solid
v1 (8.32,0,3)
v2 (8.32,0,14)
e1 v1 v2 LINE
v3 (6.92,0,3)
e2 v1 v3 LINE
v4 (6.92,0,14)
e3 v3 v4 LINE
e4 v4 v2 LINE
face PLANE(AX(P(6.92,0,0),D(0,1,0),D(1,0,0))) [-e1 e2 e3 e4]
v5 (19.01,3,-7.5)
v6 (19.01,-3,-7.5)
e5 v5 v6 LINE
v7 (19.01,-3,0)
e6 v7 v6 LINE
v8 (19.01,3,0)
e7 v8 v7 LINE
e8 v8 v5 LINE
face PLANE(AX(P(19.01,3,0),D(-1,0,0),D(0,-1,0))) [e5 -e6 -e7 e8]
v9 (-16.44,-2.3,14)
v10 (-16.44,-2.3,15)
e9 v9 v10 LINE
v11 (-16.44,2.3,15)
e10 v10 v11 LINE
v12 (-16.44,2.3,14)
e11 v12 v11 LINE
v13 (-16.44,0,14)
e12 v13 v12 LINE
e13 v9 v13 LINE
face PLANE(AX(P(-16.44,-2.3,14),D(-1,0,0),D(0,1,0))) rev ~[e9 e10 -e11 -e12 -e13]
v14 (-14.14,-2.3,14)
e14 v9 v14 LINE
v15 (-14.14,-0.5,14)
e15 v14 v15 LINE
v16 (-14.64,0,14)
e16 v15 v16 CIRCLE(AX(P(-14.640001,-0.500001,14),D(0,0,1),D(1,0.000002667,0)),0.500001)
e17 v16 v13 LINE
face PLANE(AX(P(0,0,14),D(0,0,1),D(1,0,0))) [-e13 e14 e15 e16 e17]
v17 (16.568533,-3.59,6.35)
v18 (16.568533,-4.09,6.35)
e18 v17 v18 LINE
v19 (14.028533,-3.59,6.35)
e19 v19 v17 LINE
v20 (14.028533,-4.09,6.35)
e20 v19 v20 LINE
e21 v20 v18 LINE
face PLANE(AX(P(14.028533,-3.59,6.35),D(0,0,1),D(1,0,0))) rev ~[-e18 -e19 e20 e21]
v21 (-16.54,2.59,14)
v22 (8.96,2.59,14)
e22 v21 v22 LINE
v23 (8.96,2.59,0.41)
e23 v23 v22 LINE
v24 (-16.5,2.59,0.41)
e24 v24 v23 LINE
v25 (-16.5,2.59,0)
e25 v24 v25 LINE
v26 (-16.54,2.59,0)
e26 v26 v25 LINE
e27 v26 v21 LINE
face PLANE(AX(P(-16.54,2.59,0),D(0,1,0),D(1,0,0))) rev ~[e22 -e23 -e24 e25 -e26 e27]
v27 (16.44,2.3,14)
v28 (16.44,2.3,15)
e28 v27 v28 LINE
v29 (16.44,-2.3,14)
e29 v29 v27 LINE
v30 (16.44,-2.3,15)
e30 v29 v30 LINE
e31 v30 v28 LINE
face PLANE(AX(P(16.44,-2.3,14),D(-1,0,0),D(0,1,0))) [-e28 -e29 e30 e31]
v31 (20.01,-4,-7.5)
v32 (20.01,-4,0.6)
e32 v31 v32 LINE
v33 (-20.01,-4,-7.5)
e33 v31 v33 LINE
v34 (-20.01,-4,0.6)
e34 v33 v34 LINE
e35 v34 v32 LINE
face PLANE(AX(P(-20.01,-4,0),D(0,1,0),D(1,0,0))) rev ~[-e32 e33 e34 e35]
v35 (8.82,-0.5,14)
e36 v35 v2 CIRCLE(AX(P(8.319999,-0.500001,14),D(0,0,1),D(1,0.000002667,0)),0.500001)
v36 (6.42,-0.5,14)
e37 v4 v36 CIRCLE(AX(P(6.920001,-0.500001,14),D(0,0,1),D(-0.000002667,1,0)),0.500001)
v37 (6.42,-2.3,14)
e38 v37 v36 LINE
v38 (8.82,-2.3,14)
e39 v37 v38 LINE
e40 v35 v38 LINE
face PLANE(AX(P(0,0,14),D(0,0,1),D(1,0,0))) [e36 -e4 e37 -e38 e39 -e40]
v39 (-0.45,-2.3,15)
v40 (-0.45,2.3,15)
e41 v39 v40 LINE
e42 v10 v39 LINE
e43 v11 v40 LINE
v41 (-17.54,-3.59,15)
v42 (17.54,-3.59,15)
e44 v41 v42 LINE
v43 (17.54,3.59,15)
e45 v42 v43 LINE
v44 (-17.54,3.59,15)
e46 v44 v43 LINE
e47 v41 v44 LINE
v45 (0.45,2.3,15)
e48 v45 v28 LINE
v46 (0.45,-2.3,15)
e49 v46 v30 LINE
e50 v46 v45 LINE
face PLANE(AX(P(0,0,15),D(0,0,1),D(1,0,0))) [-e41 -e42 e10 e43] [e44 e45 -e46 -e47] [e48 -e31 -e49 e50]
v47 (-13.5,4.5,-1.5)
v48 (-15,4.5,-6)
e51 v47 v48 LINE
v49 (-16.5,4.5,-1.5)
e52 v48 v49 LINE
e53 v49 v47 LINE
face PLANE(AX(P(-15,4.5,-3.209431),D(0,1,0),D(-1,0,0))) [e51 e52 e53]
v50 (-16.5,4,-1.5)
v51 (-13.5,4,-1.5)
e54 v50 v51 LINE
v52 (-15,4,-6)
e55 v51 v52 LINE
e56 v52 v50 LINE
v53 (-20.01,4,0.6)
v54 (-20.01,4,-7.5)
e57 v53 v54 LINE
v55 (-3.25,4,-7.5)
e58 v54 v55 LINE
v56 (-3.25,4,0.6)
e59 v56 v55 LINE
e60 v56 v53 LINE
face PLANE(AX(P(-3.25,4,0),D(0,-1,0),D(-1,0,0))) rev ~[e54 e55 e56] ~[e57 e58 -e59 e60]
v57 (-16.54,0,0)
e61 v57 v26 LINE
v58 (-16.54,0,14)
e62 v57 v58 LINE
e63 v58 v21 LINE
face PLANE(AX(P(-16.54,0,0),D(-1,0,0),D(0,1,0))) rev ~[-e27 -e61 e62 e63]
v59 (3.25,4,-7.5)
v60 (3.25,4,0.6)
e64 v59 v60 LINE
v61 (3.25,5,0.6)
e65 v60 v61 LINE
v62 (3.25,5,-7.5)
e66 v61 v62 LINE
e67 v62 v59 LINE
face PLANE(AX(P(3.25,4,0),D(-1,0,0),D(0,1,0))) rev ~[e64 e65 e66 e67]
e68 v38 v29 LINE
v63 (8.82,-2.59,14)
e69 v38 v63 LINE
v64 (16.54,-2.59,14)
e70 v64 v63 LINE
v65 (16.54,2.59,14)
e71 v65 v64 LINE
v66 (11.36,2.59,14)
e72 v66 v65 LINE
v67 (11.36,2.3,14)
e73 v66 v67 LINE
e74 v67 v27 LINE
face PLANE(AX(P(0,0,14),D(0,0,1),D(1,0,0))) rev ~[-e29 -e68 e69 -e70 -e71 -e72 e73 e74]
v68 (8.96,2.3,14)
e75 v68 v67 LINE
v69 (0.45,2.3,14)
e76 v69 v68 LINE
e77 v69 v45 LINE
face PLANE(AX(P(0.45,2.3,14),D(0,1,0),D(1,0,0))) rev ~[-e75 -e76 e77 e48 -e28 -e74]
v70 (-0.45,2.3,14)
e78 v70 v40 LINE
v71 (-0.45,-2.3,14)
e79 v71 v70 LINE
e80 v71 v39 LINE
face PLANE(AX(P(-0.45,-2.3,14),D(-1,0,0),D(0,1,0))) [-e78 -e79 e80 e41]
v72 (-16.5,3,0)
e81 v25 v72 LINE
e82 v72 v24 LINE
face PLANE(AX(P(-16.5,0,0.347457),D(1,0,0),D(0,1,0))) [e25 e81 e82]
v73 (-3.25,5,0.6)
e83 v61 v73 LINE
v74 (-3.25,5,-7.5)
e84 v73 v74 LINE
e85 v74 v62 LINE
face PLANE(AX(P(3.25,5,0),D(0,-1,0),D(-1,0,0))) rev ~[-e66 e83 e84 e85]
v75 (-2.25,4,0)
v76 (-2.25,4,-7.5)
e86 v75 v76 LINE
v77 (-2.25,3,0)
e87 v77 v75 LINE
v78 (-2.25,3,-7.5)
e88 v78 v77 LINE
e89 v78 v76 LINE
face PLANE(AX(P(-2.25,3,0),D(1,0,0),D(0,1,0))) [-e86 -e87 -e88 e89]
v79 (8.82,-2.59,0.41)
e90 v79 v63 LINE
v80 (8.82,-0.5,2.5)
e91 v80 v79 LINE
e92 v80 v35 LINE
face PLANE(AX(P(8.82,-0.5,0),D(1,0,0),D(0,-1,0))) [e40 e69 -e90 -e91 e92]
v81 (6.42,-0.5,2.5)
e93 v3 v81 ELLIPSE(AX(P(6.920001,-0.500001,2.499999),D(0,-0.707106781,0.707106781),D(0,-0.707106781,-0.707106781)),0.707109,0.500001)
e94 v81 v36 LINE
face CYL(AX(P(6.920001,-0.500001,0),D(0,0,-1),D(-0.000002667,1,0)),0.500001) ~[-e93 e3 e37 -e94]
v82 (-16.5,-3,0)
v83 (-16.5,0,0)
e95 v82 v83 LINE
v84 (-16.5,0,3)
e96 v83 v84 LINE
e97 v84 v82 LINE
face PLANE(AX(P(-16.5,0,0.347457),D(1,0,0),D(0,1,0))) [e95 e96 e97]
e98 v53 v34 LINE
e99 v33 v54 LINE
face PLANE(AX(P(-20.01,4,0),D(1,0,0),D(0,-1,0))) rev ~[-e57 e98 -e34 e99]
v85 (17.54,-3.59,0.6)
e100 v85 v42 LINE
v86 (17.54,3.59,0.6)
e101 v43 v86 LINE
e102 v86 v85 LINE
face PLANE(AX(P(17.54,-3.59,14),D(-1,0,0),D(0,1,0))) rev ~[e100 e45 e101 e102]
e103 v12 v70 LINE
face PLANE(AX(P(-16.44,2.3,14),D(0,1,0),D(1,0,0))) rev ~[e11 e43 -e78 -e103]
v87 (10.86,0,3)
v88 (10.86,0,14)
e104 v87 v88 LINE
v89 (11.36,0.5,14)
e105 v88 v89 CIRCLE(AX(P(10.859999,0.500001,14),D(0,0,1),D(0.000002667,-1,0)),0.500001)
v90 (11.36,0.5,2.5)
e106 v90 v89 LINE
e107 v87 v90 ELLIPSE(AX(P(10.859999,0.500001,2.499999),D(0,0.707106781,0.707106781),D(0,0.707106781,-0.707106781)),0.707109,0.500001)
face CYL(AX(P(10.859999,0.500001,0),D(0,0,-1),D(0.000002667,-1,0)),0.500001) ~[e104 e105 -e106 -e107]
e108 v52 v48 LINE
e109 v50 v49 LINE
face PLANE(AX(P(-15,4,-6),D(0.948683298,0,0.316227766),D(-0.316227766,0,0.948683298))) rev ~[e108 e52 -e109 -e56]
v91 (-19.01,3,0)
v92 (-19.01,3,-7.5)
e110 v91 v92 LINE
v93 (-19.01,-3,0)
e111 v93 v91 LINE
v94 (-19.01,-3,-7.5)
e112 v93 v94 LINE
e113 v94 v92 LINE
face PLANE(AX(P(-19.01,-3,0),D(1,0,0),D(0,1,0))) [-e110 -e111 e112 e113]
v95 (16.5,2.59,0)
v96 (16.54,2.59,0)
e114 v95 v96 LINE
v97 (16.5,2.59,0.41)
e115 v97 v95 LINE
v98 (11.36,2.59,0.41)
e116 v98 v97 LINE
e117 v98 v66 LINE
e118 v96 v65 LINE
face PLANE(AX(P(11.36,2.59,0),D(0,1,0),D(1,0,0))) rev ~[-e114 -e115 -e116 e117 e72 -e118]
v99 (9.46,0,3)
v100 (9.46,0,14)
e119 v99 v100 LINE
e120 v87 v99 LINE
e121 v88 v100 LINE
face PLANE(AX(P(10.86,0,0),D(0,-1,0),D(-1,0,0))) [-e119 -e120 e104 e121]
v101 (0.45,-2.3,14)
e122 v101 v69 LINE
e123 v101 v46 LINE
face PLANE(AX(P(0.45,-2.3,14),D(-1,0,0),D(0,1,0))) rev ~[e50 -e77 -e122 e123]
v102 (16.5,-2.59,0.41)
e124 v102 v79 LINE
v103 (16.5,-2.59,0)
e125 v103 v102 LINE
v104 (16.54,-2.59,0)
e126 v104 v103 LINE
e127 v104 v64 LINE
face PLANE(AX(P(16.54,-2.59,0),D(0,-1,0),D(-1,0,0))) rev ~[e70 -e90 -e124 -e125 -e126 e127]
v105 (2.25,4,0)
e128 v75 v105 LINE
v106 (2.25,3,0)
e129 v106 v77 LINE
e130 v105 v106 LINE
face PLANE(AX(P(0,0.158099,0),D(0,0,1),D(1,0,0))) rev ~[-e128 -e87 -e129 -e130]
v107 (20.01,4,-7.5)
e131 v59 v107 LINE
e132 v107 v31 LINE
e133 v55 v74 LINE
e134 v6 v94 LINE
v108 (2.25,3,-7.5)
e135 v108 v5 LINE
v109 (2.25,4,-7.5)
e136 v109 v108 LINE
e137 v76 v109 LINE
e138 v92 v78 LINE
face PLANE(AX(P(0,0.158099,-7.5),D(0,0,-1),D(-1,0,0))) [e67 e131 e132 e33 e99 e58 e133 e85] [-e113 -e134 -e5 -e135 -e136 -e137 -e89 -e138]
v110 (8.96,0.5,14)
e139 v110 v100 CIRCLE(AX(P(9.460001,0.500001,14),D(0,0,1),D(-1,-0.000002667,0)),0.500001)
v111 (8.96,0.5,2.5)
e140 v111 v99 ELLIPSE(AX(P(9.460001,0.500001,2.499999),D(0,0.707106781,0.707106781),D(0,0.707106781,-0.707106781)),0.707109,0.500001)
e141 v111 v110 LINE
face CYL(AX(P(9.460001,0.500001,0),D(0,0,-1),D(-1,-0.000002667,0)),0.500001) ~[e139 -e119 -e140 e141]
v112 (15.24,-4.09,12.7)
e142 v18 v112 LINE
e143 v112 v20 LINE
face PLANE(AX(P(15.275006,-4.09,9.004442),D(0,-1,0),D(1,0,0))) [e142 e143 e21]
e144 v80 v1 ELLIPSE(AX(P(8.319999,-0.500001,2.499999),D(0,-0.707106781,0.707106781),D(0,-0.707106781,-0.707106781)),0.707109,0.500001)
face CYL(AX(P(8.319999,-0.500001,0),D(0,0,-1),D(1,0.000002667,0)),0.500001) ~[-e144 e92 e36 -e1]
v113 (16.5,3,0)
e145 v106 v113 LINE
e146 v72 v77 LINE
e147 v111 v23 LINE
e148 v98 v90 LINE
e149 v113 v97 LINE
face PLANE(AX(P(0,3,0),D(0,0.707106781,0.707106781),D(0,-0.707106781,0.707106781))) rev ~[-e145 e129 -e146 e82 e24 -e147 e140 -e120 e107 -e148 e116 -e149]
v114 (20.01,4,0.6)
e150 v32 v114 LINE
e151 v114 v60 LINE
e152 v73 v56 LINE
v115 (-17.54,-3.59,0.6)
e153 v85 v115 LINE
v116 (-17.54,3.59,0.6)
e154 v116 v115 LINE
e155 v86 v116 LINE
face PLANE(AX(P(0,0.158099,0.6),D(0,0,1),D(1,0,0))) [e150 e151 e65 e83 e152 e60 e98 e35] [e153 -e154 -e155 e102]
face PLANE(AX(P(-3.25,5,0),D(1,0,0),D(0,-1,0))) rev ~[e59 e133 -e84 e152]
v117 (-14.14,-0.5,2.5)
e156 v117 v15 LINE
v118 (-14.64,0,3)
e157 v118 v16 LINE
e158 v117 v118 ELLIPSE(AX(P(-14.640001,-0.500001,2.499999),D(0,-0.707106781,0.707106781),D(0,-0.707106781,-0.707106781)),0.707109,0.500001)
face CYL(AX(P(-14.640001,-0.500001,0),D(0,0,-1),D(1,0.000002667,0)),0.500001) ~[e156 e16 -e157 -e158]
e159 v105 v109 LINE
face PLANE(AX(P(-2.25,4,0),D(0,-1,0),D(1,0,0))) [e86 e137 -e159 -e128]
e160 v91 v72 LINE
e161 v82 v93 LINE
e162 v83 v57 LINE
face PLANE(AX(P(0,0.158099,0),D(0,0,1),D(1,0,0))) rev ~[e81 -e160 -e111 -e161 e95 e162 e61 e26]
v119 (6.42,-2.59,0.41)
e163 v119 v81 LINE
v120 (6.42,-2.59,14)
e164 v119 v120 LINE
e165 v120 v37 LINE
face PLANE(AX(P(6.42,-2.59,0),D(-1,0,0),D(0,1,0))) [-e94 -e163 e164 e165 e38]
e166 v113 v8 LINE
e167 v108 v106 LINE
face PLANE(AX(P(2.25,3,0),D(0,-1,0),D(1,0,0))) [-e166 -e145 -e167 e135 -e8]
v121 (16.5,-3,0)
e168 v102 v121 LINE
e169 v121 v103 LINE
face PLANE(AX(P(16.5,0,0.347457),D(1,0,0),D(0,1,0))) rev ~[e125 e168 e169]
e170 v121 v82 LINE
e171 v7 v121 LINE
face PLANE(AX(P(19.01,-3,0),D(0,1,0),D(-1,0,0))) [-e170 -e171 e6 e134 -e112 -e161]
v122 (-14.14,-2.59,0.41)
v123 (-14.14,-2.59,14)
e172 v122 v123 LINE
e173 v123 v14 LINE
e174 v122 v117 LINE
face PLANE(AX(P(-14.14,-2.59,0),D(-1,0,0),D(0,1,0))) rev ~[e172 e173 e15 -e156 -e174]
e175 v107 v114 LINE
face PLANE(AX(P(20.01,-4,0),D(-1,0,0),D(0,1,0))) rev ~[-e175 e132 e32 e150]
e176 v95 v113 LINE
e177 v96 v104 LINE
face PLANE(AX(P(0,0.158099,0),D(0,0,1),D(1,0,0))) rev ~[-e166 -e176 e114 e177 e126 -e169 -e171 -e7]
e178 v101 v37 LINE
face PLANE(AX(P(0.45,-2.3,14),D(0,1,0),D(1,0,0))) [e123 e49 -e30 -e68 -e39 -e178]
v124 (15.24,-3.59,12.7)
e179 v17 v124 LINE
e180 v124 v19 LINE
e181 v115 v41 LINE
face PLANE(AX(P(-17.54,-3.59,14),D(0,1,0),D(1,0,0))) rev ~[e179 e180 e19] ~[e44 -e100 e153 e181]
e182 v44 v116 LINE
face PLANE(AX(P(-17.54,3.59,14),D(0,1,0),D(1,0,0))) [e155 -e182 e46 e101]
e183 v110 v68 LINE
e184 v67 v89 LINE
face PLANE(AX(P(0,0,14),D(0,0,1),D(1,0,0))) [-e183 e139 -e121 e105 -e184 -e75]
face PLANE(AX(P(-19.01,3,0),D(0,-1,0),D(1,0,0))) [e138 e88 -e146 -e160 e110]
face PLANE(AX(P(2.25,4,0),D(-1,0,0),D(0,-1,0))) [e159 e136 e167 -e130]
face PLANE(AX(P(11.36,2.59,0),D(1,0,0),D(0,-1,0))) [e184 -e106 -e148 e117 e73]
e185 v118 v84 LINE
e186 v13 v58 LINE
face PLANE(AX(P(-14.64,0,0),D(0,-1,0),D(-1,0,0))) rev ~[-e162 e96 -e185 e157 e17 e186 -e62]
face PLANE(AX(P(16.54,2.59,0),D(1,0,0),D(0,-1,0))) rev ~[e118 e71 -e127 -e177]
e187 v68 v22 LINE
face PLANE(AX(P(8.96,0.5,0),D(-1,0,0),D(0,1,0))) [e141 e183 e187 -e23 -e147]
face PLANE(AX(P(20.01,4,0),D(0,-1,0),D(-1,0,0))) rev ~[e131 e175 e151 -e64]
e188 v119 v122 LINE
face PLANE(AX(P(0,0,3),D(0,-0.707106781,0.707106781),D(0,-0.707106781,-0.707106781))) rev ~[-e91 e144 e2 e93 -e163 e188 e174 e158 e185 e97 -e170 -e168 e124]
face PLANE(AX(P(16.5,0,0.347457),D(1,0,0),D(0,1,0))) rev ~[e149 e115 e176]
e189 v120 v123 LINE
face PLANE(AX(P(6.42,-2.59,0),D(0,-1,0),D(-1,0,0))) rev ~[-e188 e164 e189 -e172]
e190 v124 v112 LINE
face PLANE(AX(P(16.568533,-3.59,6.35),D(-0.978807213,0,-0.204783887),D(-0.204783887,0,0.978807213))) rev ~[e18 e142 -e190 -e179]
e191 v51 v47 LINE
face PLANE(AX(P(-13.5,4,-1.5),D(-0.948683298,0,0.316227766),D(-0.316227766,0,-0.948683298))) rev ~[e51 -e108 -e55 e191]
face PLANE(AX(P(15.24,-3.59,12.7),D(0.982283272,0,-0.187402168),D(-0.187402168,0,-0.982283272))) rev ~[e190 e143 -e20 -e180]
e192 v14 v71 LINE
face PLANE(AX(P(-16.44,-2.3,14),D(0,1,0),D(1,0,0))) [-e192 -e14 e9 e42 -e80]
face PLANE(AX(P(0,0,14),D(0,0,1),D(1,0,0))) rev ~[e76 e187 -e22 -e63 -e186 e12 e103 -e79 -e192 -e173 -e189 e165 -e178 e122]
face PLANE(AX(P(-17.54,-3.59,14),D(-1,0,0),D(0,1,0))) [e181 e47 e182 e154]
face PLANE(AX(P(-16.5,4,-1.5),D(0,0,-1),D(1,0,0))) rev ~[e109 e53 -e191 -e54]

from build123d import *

# Parameters (mm, degrees)
PAD_DEPTH     = 7.5
SKETCH002_W   = 34
SKETCH002_H   = 6.8
PAD001_DEPTH  = 0.6
SKETCH001_W   = 35.08
SKETCH001_H   = 7.18
PAD002_DEPTH  = 14
PAD003_DEPTH  = 0.5
PAD004_DEPTH  = 0.5
SKETCH005_W   = 35.08
SKETCH005_H   = 7.18
SKETCH005_W_2 = 15.99
SKETCH005_H_2 = 4.6
PAD005_DEPTH  = 1
POCKET_DEPTH  = 16.5


with BuildPart() as part:
    # Sketch → Pad (new body)
    with BuildSketch(Plane.XY):
        Polygon((-20.01, 4), (-3.25, 4), (-3.25, 5), (3.25, 5), (3.25, 4), (20.01, 4), (20.01, -4), (-20.01, -4), align=None)
        Polygon((-19.01, 3), (-2.25, 3), (-2.25, 4), (2.25, 4), (2.25, 3), (19.01, 3), (19.01, -3), (-19.01, -3), align=None, mode=Mode.SUBTRACT)
    extrude(amount=-PAD_DEPTH)

    # Sketch002 → Pad001 (join)
    with BuildSketch(Plane.XY):
        Polygon((-20.01, 4), (-20.01, -4), (20.01, -4), (20.01, 4), (3.25, 4), (3.25, 5), (-3.25, 5), (-3.25, 4), align=None)
        Rectangle(SKETCH002_W, SKETCH002_H, mode=Mode.SUBTRACT)
    extrude(amount=PAD001_DEPTH)

    # Sketch001 → Pad002 (join)
    with BuildSketch(Plane.XY):
        Rectangle(SKETCH001_W, SKETCH001_H)
        with BuildLine():
            Line((16.54, 2.59), (16.54, -2.59))
            Line((16.54, -2.59), (8.82, -2.59))
            Line((8.82, -0.5), (8.82, -2.59))
            ThreePointArc((8.82, -0.5), (8.673553, -0.146447), (8.32, 0))
            Line((6.92, 0), (8.32, 0))
            ThreePointArc((6.92, 0), (6.566447, -0.146447), (6.42, -0.5))
            Line((6.42, -2.59), (6.42, -0.5))
            Line((6.42, -2.59), (-14.14, -2.59))
            Line((-14.14, -2.59), (-14.14, -0.5))
            ThreePointArc((-14.14, -0.5), (-14.286447, -0.146447), (-14.64, 0))
            Line((-14.64, 0), (-16.54, 0))
            Line((-16.54, 0), (-16.54, 2.59))
            Line((-16.54, 2.59), (8.96, 2.59))
            Line((8.96, 0.5), (8.96, 2.59))
            ThreePointArc((8.96, 0.5), (9.106447, 0.146447), (9.46, 0))
            Line((10.86, 0), (9.46, 0))
            ThreePointArc((10.86, 0), (11.213553, 0.146447), (11.36, 0.5))
            Line((11.36, 2.59), (11.36, 0.5))
            Line((11.36, 2.59), (16.54, 2.59))
        make_face(mode=Mode.SUBTRACT)
    extrude(amount=PAD002_DEPTH)

    # Sketch003 (on Face1 of Pad) → Pad003 (join)
    with BuildSketch(Plane(origin=(0, 4, 0), x_dir=(-1, 0, 0), z_dir=(0, 1, 0))):
        Polygon((15, -6), (16.5, -1.5), (13.5, -1.5), align=None)
    extrude(amount=PAD003_DEPTH)

    # Sketch004 (on Face33 of Pad003) → Pad004 (join)
    with BuildSketch(Plane.XZ.offset(3.59)):
        Polygon((16.568533, 6.35), (15.24, 12.7), (14.028533, 6.35), align=None)
    extrude(amount=PAD004_DEPTH)

    # Sketch005 → Pad005 (join)
    with BuildSketch(Plane.XY.offset(14)):
        Rectangle(SKETCH005_W, SKETCH005_H)
        with Locations((-8.445, 0)):
            Rectangle(SKETCH005_W_2, SKETCH005_H_2, mode=Mode.SUBTRACT)
        with Locations((8.445, 0)):
            Rectangle(SKETCH005_W_2, SKETCH005_H_2, mode=Mode.SUBTRACT)
    extrude(amount=PAD005_DEPTH)

    # Sketch006 → Pocket (cut, symmetric)
    with BuildSketch(Plane.YZ):
        Polygon((-3, 0), (-3, -1), (3, -1), (3, 0), (0, 3), align=None)
    extrude(amount=POCKET_DEPTH, both=True, mode=Mode.SUBTRACT)


solid = part.part
